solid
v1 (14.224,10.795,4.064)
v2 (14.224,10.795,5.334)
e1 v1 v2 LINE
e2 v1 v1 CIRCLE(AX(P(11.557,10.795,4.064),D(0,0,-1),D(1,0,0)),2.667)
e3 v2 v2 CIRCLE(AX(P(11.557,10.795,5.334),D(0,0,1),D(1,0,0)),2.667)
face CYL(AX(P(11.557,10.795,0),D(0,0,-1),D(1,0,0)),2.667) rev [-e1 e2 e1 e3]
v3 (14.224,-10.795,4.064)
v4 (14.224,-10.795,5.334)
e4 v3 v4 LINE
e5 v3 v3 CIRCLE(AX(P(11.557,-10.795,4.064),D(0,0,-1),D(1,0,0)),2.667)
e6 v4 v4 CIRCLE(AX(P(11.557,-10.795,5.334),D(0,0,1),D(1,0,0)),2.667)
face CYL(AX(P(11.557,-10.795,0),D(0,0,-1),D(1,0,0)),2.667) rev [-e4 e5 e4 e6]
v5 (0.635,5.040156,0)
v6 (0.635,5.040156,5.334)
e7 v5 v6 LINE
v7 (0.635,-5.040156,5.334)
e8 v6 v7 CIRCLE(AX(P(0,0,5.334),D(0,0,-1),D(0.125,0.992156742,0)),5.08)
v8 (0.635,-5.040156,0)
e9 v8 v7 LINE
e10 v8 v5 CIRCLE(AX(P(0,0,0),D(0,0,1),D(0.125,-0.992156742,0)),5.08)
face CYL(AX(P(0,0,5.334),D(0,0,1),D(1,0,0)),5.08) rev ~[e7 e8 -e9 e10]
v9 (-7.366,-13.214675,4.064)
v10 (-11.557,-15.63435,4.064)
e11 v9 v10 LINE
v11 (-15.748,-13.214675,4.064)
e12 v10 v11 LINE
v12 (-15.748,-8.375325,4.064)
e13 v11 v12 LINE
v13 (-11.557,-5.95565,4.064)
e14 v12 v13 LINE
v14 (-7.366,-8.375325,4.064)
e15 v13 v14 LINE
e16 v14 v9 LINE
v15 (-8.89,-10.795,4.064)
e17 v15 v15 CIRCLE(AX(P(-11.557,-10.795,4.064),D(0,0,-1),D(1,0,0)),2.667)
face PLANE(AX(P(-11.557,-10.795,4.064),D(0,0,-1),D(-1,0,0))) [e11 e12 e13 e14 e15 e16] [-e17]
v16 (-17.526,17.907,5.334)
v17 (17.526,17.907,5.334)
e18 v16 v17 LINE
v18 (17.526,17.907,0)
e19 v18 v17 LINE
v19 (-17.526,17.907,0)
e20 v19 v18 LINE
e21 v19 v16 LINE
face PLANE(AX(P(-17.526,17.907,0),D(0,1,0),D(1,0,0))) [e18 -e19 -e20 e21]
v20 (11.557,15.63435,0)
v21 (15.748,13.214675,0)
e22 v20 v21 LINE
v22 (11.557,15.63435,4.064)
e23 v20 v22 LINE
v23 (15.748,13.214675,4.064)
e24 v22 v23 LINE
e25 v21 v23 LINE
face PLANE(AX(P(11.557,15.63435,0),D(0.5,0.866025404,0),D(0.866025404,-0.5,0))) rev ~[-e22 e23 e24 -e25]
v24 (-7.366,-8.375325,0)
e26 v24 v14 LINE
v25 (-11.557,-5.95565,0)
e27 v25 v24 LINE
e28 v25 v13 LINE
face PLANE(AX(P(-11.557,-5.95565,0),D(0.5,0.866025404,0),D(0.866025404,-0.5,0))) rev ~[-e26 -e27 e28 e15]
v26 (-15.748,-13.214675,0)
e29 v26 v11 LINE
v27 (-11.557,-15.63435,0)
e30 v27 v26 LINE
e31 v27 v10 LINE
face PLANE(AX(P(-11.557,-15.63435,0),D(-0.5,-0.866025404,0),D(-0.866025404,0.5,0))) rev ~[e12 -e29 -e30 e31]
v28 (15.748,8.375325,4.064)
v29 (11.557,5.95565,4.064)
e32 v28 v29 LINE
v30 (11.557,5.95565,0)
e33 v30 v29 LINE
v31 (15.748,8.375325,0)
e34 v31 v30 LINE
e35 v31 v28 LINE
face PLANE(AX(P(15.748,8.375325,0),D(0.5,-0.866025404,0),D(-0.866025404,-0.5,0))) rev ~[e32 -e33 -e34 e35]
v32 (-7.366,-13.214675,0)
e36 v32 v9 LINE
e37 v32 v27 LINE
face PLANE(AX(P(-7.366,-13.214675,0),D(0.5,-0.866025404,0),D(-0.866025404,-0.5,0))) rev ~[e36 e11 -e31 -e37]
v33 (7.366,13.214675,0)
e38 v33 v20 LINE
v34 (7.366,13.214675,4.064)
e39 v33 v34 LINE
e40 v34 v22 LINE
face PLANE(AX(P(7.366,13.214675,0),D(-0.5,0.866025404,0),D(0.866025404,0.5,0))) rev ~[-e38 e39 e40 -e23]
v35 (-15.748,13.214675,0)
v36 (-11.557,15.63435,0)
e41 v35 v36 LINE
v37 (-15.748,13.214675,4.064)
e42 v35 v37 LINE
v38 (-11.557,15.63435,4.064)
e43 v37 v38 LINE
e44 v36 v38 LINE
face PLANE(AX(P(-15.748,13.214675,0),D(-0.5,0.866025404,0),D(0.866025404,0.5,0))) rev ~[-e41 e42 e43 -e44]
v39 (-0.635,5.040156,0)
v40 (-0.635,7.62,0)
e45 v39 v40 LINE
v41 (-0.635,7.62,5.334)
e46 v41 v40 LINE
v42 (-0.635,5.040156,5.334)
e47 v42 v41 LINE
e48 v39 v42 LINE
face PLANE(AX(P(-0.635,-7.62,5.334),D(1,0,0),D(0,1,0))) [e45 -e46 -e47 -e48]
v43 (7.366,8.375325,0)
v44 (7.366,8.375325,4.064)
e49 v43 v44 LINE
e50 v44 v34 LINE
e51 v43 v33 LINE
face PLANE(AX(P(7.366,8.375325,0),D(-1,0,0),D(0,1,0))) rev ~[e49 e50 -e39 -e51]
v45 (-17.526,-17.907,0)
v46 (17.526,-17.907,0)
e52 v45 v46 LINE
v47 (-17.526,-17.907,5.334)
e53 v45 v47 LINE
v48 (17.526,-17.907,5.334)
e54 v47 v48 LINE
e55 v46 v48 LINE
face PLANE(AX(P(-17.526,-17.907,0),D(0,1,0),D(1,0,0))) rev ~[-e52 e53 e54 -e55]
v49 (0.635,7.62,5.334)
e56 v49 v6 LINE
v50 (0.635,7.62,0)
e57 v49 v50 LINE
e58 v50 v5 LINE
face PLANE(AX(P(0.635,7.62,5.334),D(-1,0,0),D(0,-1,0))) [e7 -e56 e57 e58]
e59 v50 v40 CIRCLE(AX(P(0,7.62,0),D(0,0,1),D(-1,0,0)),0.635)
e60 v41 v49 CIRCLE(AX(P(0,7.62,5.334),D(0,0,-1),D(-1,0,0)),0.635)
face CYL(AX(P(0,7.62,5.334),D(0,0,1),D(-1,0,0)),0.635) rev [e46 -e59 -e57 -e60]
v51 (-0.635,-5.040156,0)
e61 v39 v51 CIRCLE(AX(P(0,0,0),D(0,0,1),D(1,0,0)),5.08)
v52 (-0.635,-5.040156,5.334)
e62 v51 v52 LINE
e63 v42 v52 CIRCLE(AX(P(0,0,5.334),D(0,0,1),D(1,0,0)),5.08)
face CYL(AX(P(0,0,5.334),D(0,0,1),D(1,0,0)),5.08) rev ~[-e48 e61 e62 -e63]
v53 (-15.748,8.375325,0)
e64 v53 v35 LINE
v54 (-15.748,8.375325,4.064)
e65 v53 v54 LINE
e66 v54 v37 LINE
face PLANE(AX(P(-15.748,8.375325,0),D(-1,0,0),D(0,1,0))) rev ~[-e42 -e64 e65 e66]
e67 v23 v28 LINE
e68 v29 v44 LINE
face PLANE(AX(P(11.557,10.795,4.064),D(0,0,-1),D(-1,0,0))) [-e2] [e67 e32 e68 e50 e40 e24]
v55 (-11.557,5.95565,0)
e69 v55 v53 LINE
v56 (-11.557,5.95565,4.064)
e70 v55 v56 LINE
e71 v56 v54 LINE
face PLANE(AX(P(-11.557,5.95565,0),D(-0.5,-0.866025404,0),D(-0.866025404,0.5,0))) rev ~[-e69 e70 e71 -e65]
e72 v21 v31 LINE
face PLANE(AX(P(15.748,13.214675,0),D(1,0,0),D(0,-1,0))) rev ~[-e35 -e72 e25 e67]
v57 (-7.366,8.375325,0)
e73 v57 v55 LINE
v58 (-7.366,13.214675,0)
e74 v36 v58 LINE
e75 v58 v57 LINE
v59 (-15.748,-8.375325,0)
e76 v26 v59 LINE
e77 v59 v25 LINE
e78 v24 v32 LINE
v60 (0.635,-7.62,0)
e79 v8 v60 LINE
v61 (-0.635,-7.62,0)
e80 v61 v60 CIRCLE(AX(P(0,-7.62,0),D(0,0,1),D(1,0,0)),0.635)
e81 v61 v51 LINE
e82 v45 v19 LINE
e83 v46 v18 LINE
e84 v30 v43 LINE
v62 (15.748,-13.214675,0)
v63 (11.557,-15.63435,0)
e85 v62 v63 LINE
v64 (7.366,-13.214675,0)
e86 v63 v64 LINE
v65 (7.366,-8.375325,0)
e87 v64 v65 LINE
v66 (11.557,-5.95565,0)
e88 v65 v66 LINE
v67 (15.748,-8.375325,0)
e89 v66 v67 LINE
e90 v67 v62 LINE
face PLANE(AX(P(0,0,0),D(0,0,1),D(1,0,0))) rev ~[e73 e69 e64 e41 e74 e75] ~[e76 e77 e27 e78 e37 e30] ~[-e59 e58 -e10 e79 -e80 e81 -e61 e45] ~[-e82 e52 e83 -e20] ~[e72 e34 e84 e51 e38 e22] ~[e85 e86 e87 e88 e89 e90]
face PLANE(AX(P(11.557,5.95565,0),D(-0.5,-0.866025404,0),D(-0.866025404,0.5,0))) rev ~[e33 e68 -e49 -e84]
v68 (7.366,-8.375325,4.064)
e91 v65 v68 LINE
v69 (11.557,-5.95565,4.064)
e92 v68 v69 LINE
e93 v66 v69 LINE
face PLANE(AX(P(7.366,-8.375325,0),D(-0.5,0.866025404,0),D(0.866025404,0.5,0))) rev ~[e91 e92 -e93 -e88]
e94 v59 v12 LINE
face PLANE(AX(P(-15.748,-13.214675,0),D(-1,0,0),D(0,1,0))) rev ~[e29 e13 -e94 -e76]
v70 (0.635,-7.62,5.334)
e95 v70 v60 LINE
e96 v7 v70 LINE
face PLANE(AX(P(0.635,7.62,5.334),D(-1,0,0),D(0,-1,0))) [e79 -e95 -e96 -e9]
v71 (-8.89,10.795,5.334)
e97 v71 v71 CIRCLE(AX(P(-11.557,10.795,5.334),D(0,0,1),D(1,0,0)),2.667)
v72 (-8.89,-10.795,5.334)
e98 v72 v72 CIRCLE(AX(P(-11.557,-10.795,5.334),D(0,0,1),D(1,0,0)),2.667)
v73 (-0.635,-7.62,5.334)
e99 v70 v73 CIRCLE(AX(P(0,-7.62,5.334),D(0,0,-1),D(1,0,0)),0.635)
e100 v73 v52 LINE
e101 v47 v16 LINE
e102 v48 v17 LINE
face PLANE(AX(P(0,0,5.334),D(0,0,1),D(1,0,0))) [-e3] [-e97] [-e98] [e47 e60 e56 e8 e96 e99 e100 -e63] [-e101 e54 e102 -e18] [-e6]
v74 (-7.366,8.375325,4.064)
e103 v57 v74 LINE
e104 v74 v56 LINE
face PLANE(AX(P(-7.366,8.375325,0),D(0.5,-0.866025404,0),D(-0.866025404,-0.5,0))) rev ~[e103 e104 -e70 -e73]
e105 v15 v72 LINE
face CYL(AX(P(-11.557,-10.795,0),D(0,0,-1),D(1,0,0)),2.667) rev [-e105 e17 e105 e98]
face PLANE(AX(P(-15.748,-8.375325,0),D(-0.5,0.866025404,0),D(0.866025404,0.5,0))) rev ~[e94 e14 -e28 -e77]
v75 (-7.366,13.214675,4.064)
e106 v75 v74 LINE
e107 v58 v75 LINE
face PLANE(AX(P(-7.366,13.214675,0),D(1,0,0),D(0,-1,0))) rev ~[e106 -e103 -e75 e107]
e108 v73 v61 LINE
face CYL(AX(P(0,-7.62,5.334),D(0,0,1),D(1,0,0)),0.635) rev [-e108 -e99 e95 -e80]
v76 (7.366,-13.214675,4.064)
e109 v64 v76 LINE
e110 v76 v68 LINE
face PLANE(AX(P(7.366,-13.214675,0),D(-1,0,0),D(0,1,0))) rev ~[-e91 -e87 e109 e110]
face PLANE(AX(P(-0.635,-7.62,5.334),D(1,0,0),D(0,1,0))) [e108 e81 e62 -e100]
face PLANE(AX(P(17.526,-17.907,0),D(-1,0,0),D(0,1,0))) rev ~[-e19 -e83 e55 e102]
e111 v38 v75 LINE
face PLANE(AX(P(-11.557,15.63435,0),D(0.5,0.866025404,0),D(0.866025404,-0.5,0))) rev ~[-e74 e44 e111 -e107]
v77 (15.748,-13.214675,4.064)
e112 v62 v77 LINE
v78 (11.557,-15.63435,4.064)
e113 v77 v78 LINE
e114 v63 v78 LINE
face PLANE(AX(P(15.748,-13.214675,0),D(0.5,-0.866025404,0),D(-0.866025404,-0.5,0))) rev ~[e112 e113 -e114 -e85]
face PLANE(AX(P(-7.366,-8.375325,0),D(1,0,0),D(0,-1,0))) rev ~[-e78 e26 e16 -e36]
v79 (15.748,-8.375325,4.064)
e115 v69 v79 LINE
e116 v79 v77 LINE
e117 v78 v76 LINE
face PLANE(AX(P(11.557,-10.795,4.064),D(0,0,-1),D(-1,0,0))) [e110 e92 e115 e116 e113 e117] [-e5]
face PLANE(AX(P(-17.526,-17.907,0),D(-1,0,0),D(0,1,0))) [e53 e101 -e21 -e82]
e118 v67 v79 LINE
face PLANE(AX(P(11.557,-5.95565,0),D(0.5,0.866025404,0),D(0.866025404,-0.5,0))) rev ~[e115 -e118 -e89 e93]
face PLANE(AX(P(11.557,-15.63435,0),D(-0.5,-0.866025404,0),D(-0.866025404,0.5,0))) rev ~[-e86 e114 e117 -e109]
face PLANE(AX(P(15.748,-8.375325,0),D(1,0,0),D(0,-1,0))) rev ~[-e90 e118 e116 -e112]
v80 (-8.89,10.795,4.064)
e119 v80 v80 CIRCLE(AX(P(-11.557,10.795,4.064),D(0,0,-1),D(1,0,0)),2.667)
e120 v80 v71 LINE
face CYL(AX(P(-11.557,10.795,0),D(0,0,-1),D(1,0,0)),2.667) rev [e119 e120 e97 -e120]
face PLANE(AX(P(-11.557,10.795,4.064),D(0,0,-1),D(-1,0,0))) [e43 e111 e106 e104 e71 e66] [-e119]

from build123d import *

# Parameters (mm, degrees)
SKETCH1_W           = 35.052
SKETCH1_H           = 35.814
SKETCH1_R           = 2.667
BOSS_EXTRUDE1_DEPTH = 5.334
CUT_EXTRUDE1_DEPTH  = 4.064
SKETCH3_R           = 5.08
CUT_EXTRUDE2_DEPTH  = 6.334
CUT_EXTRUDE3_DEPTH  = 6.334


with BuildPart() as part:
    # Sketch1 → Boss-Extrude1 (new body)
    with BuildSketch(Plane.XY):
        Rectangle(SKETCH1_W, SKETCH1_H)
        with Locations((-11.557, 10.795)):
            Circle(SKETCH1_R, mode=Mode.SUBTRACT)
        with Locations((11.557, 10.795)):
            Circle(SKETCH1_R, mode=Mode.SUBTRACT)
        with Locations((11.557, -10.795)):
            Circle(SKETCH1_R, mode=Mode.SUBTRACT)
        with Locations((-11.557, -10.795)):
            Circle(SKETCH1_R, mode=Mode.SUBTRACT)
    extrude(amount=BOSS_EXTRUDE1_DEPTH)

    # Sketch2 → Cut-Extrude1 (cut)
    with BuildSketch(Plane(origin=(0, 0, 0), x_dir=(-1, 0, 0), z_dir=(0, 0, -1))):
        Polygon((-11.557, 5.955650044), (-7.366, 8.375325022), (-7.366, 13.214674978), (-11.557, 15.634349956), (-15.748, 13.214674978), (-15.748, 8.375325022), align=None)
        Polygon((-11.557, -15.634349956), (-7.366, -13.214674978), (-7.366, -8.375325022), (-11.557, -5.955650044), (-15.748, -8.375325022), (-15.748, -13.214674978), align=None)
        Polygon((11.557, -15.634349956), (15.748, -13.214674978), (15.748, -8.375325022), (11.557, -5.955650044), (7.366, -8.375325022), (7.366, -13.214674978), align=None)
        Polygon((11.557, 5.955650044), (15.748, 8.375325022), (15.748, 13.214674978), (11.557, 15.634349956), (7.366, 13.214674978), (7.366, 8.375325022), align=None)
    extrude(amount=-CUT_EXTRUDE1_DEPTH, mode=Mode.SUBTRACT)

    # Sketch3 → Cut-Extrude2 (cut, through all)
    with BuildSketch(Plane.XY.offset(5.334)):
        Circle(SKETCH3_R)
    extrude(amount=-CUT_EXTRUDE2_DEPTH, mode=Mode.SUBTRACT)

    # Sketch4 → Cut-Extrude3 (cut, through all)
    with BuildSketch(Plane.XY.offset(5.334)):
        with BuildLine():
            Line((-0.635, -7.62), (-0.635, 7.62))
            ThreePointArc((-0.635, 7.62), (0, 8.255), (0.635, 7.62))
            Line((0.635, 7.62), (0.635, -7.62))
            ThreePointArc((0.635, -7.62), (0, -8.255), (-0.635, -7.62))
        make_face()
    extrude(amount=-CUT_EXTRUDE3_DEPTH, mode=Mode.SUBTRACT)


solid = part.part
